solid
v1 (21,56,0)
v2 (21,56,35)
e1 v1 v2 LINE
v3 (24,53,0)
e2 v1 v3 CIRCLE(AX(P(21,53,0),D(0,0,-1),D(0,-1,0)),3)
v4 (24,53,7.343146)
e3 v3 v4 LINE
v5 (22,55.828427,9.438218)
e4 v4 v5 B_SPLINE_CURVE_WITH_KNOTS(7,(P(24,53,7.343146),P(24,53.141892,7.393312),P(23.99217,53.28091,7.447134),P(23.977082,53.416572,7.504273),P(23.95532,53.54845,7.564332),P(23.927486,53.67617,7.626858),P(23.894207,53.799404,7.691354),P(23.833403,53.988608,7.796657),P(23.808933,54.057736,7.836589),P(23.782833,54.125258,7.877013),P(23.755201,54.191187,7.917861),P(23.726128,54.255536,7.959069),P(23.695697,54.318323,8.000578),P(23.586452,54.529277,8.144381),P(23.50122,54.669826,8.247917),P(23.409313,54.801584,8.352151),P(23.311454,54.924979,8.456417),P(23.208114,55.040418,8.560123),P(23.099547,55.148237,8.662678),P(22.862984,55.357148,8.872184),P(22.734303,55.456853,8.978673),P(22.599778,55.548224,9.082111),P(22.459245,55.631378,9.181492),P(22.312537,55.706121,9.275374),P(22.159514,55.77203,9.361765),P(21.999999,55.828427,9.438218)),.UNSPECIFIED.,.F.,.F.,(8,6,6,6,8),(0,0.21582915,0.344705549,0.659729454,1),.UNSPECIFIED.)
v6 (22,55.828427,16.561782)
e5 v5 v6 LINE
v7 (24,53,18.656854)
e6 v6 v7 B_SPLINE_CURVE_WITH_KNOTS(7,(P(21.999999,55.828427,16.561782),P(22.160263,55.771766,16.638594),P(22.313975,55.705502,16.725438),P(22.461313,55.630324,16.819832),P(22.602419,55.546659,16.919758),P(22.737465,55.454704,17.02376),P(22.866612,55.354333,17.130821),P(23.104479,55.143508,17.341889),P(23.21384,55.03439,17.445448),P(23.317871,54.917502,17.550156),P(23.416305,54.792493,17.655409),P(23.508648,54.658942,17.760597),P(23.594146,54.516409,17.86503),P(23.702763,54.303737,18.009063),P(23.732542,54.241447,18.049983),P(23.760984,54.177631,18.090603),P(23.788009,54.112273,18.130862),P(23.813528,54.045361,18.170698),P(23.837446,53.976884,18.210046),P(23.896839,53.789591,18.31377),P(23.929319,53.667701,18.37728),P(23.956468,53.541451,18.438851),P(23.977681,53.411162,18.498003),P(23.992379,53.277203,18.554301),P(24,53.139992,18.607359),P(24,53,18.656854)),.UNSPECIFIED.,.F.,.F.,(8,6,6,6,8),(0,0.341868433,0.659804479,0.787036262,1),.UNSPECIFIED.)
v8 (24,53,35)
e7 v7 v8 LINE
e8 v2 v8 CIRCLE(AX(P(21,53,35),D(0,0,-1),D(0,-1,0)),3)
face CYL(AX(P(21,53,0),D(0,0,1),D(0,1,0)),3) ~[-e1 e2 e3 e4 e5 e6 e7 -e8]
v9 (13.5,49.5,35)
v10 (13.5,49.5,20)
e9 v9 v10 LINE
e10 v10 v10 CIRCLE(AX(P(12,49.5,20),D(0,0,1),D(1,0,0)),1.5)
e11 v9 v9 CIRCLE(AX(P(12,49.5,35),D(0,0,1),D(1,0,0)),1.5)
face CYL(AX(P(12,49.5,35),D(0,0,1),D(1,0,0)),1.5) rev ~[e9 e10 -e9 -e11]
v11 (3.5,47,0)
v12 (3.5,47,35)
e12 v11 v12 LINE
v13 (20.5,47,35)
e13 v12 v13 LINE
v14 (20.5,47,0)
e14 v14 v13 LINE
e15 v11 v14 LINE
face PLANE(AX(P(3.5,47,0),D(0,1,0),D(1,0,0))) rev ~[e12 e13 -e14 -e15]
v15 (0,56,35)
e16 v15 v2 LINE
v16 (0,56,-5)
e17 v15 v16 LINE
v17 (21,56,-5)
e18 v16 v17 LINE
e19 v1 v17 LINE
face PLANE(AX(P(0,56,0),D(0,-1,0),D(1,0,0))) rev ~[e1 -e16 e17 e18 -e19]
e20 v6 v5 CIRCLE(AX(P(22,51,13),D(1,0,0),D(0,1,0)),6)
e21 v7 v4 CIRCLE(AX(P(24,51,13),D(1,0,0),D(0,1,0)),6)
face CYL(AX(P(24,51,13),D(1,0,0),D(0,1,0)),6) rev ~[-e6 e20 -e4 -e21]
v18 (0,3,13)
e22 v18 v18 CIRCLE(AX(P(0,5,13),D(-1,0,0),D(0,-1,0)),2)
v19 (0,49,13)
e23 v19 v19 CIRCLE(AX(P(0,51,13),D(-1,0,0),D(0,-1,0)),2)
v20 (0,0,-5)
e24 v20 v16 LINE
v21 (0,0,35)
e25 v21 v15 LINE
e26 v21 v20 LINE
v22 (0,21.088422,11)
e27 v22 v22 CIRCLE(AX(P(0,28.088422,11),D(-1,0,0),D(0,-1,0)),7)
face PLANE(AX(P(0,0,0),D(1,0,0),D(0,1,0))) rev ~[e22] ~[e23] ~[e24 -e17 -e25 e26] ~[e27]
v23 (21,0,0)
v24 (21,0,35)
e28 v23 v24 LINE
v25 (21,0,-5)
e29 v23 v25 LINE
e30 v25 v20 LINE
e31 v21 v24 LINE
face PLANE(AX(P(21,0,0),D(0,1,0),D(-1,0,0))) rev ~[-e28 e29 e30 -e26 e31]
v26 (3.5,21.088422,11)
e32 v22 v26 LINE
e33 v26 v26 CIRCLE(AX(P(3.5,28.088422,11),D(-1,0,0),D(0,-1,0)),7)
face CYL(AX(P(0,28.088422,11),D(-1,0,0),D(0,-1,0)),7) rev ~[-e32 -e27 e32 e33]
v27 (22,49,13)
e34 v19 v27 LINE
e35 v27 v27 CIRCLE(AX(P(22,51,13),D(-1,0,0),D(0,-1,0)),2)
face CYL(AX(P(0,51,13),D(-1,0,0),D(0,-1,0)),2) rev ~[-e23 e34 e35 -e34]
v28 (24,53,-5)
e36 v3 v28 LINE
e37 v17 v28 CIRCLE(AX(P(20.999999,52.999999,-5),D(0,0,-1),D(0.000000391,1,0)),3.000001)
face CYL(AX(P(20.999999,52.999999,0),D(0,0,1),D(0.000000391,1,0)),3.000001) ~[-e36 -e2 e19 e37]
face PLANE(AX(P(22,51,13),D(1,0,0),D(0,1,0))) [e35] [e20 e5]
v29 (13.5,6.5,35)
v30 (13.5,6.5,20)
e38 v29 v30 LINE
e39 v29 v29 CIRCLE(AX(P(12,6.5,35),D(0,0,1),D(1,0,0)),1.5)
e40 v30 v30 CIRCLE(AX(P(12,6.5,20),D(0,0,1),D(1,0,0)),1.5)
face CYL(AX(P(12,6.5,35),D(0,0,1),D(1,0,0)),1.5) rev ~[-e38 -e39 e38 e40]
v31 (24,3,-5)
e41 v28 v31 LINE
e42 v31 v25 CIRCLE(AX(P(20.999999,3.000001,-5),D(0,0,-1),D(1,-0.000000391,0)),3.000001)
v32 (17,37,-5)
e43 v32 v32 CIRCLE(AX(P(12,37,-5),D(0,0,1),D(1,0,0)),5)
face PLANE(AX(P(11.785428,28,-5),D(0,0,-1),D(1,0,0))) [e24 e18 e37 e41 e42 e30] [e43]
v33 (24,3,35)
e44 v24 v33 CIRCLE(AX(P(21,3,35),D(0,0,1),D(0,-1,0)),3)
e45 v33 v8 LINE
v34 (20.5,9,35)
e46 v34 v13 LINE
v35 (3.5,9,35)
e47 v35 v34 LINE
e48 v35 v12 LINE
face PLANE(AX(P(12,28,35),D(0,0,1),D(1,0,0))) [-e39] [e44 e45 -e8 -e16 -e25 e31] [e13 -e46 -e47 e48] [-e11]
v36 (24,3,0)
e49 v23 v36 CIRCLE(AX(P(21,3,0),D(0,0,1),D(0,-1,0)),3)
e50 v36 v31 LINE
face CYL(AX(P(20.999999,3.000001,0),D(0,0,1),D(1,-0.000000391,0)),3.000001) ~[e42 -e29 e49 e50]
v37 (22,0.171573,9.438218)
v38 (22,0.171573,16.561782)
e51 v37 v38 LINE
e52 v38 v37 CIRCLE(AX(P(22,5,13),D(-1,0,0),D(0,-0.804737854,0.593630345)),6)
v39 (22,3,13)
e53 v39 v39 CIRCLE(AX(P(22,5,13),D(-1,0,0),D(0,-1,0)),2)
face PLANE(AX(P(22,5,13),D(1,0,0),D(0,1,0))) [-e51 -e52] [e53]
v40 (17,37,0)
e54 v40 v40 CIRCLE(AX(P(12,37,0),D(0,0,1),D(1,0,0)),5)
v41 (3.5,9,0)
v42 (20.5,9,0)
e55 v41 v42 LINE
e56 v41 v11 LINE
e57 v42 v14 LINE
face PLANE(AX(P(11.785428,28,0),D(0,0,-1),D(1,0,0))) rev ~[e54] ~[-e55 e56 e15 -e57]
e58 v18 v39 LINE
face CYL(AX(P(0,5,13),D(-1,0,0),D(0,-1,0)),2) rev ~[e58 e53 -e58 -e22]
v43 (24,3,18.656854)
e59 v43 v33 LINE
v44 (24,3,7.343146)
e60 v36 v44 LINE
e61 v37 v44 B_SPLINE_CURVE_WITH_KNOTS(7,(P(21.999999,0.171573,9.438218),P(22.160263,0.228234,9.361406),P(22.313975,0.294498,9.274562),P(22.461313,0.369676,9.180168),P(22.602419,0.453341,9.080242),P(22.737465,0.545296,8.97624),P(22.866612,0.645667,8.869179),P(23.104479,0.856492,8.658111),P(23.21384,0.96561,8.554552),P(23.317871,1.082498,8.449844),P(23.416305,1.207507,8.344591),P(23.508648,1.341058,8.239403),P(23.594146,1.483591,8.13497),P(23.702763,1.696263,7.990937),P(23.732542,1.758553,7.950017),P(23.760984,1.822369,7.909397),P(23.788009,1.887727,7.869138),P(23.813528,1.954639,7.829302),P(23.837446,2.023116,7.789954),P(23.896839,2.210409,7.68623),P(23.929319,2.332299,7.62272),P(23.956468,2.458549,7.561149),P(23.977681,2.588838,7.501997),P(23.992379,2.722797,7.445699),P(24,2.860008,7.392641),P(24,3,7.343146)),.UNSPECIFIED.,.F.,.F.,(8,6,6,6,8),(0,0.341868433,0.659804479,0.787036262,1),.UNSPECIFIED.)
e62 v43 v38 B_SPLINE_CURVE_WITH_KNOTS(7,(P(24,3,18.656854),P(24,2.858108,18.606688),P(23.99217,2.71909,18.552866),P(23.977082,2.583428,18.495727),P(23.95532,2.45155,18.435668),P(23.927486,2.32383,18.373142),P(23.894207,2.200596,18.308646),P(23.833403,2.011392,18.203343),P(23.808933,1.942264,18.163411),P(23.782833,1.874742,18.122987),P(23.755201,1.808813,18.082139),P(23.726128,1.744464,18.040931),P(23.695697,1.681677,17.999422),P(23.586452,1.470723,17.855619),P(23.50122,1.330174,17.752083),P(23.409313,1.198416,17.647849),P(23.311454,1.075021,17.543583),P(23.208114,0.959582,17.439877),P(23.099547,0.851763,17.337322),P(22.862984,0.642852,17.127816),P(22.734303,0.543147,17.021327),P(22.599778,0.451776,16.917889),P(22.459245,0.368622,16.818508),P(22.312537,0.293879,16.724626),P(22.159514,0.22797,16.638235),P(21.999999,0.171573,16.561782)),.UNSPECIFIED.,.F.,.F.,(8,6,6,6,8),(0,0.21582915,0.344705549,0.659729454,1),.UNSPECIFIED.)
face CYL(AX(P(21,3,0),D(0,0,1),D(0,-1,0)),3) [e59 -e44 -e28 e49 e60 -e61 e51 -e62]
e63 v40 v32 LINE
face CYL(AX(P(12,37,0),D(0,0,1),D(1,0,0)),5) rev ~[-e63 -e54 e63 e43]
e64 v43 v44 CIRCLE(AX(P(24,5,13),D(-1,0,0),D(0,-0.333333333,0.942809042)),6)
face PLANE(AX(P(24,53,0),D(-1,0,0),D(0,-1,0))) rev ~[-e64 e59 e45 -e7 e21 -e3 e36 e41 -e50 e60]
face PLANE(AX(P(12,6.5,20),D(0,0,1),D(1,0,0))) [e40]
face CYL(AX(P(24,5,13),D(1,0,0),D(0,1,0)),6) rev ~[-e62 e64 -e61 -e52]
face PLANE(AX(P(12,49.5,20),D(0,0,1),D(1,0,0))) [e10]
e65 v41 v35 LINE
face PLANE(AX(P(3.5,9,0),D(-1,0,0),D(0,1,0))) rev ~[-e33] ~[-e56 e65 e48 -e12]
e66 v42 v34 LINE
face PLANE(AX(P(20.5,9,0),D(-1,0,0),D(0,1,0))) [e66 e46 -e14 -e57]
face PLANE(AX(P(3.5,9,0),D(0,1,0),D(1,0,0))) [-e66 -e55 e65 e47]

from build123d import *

# Parameters (mm, degrees)
F0_W      = 24
F0_H      = 56
F0_W_2    = 17
F0_H_2    = 38
F1_DEPTH  = 35
F2_R      = 1.5
F3_DEPTH  = 15
F4_R      = 3
F6_DEPTH  = 5
F7_R      = 5
F8_DEPTH  = 25
F9_R      = 2
F10_DEPTH = 25
F11_R     = 6
F12_DEPTH = 2
F13_R     = 7
F14_DEPTH = 4


with BuildPart() as f1:
    # F0 (on Top) → F1 (new body)
    with BuildSketch(Plane.XY):
        with Locations((12, 28)):
            Rectangle(F0_W, F0_H)
        with Locations((12, 28)):
            Rectangle(F0_W_2, F0_H_2, mode=Mode.SUBTRACT)
    extrude(amount=F1_DEPTH)

    # F2 (on face) → F3 (cut)
    with BuildSketch(Plane.XY.offset(35)):
        with Locations((12, 49.5)):
            Circle(F2_R)
        with Locations((12, 6.5)):
            Circle(F2_R)
    extrude(amount=-F3_DEPTH, mode=Mode.SUBTRACT)

    # F4
    f4_edges = [f1.edges().sort_by_distance(p)[0] for p in [
        (24, 0, 17.5),
        (24, 56, 17.5),
    ]]
    fillet(f4_edges, radius=F4_R)

    # F5 (on face) → F6 (join)
    with BuildSketch(Plane(origin=(0, 0, 0), x_dir=(1, 0, 0), z_dir=(0, 0, -1))):
        with BuildLine():
            Line((21, 0), (0, 0))
            Line((0, 0), (0, -56))
            Line((0, -56), (21, -56))
            ThreePointArc((21, -56), (23.12132, -55.12132), (24, -53))
            Line((24, -53), (24, -3))
            ThreePointArc((24, -3), (23.12132, -0.87868), (21, 0))
        make_face()
    extrude(amount=F6_DEPTH)

    # F7 (on face) → F8 (cut)
    with BuildSketch(Plane.XY):
        with Locations((12, 37)):
            Circle(F7_R)
    extrude(amount=-F8_DEPTH, mode=Mode.SUBTRACT)

    # F9 (on face) → F10 (cut)
    with BuildSketch(Plane(origin=(0, 0, 0), x_dir=(0, -1, 0), z_dir=(-1, 0, 0))):
        with Locations((-51, 13)):
            Circle(F9_R)
        with Locations((-5, 13)):
            Circle(F9_R)
    extrude(amount=-F10_DEPTH, mode=Mode.SUBTRACT)

    # F11 (on face) → F12 (cut)
    with BuildSketch(Plane.YZ.offset(24)):
        with Locations((5, 13)):
            Circle(F11_R)
        with Locations((51, 13)):
            Circle(F11_R)
    extrude(amount=-F12_DEPTH, mode=Mode.SUBTRACT)

    # F13 (on face) → F14 (cut)
    with BuildSketch(Plane(origin=(0, 0, 0), x_dir=(0, -1, 0), z_dir=(-1, 0, 0))):
        with Locations((-28.088422, 11)):
            Circle(F13_R)
    extrude(amount=-F14_DEPTH, mode=Mode.SUBTRACT)


solid = f1.part
